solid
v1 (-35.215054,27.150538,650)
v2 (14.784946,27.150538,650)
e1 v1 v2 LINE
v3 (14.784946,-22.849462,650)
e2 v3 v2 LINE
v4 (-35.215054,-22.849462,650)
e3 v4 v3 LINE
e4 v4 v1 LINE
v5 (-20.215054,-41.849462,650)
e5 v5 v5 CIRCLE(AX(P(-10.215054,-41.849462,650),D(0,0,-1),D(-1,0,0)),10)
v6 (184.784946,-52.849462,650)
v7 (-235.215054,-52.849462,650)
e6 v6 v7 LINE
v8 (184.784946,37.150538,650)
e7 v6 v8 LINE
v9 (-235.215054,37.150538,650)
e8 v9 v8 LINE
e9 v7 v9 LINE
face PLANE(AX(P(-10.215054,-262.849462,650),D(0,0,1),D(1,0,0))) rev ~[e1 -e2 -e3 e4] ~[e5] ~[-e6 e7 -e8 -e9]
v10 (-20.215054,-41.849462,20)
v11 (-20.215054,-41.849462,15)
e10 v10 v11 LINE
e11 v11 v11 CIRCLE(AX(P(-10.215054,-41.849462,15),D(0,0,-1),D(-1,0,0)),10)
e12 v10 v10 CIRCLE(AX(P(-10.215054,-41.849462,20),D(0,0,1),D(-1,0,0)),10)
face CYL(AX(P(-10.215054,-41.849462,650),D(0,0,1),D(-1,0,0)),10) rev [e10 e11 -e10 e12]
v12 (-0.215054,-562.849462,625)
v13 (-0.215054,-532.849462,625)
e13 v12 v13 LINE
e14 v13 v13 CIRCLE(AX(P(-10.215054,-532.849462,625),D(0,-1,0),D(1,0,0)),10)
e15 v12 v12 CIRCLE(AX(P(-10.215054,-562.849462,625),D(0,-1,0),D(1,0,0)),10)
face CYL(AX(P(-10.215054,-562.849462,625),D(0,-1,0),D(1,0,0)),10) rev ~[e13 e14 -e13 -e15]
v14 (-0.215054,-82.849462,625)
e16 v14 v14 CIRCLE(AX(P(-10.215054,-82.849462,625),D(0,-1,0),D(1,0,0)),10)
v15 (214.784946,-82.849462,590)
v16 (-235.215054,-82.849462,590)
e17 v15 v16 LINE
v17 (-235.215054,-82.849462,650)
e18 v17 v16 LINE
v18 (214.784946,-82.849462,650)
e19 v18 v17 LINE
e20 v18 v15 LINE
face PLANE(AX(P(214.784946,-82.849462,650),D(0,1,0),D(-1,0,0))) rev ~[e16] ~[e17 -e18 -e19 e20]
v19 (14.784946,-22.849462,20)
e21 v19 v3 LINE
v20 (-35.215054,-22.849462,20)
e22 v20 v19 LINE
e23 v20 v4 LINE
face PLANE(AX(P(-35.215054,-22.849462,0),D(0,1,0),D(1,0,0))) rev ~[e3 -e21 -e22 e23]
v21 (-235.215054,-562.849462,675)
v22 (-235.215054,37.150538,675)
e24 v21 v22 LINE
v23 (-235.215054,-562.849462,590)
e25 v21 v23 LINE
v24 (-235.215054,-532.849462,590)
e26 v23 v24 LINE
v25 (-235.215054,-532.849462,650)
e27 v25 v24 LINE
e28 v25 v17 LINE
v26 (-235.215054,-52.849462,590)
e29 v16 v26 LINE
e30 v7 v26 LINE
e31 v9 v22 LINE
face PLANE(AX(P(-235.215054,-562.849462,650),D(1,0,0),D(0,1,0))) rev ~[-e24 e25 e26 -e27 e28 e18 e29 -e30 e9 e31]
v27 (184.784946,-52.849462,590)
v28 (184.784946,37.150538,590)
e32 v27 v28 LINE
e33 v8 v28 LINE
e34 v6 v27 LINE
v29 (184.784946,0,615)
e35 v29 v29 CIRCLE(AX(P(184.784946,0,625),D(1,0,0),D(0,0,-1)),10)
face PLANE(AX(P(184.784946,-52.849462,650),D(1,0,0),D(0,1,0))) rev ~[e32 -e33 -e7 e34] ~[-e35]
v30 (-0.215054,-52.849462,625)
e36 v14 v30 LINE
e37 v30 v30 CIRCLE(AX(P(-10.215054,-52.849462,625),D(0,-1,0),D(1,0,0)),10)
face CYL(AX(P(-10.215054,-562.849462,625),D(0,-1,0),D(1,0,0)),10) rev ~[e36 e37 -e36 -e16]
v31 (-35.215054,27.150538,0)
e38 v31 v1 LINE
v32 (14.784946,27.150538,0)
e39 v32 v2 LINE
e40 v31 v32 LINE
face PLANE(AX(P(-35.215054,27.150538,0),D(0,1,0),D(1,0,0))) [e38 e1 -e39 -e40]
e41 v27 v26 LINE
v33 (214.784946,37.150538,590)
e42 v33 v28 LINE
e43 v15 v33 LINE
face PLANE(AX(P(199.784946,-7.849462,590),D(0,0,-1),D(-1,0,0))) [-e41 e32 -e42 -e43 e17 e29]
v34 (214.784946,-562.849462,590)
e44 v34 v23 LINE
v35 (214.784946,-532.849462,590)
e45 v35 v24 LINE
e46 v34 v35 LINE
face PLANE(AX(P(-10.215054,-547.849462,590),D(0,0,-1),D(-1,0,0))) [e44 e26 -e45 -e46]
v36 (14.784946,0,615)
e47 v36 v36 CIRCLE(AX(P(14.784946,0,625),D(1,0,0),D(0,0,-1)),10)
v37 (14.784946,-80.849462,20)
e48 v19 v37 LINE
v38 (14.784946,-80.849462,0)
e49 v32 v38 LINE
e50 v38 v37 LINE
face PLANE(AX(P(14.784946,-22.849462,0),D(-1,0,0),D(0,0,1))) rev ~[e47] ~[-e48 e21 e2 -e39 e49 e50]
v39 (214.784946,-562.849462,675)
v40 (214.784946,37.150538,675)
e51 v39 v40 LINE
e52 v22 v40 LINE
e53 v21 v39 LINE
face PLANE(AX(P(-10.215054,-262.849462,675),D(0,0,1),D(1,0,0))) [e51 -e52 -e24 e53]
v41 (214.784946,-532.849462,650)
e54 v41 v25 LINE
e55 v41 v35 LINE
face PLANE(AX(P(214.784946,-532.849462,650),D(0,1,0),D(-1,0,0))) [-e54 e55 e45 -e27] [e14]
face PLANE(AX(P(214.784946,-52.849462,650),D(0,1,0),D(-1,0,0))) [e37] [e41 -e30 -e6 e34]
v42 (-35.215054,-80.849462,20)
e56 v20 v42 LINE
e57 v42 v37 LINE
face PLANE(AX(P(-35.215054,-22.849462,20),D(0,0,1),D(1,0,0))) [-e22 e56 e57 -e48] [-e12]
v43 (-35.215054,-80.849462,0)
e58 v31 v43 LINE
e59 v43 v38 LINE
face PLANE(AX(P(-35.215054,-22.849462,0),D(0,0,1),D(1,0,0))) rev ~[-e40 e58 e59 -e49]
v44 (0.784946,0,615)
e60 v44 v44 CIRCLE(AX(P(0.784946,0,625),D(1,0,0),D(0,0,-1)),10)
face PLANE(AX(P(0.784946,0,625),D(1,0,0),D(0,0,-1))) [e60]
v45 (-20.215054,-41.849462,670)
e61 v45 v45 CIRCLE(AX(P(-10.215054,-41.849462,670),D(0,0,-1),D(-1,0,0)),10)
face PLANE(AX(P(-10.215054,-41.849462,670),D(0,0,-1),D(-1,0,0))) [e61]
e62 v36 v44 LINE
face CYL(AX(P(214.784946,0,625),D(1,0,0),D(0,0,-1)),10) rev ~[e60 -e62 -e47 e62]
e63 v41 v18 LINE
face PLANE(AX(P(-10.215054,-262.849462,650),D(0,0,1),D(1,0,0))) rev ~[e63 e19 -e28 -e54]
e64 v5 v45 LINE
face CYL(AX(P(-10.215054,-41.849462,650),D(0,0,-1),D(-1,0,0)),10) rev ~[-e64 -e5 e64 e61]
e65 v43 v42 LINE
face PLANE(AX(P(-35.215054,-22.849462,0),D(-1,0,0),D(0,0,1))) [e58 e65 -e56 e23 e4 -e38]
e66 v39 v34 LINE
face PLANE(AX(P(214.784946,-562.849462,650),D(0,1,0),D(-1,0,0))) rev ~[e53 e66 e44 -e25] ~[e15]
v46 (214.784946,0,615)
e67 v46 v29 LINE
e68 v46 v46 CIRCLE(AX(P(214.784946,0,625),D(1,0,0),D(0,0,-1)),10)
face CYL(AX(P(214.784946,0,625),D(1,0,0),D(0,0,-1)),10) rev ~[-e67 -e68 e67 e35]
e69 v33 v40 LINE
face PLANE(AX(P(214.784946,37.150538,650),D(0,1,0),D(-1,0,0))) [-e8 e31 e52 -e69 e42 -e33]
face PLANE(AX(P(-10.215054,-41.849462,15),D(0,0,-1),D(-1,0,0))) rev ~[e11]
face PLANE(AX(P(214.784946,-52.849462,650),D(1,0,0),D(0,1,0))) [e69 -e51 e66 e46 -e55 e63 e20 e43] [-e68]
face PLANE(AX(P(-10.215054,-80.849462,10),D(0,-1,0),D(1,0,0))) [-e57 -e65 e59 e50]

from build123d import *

# Parameters (mm, degrees)
SKETCH1_W               = 50
SKETCH1_H               = 50
BOSS_EXTRUDE1_DEPTH     = 650
SKETCH2_W               = 450
SKETCH2_H               = 600
BOSS_EXTRUDE2_DEPTH     = 25
SKETCH4_W               = 450
SKETCH4_H               = 30
BOSS_EXTRUDE3_DEPTH     = 60
SKETCH5_R               = 10
CUT_EXTRUDE1_DEPTH      = 510
SKETCH7_W               = 50
SKETCH7_H               = 20
BOSS_EXTRUDE4_DEPTH     = 58
SKETCH8_R               = 10
CUT_EXTRUDE3_DEPTH      = 635
CUT_EXTRUDE3_DEPTH_BACK = 20
SKETCH9_W               = 30
SKETCH9_H               = 90
BOSS_EXTRUDE5_DEPTH     = 60
SKETCH10_R              = 10
CUT_EXTRUDE4_DEPTH      = 214


with BuildPart() as part:
    # Sketch1 → Boss-Extrude1 (new body)
    with BuildSketch(Plane.XY):
        with Locations((-10.215053763, 2.150537634)):
            Rectangle(SKETCH1_W, SKETCH1_H)
    extrude(amount=BOSS_EXTRUDE1_DEPTH)

    # Sketch2 → Boss-Extrude2 (add)
    with BuildSketch(Plane.XY.offset(650)):
        with Locations((-10.215053763, -262.849462366)):
            Rectangle(SKETCH2_W, SKETCH2_H)
    extrude(amount=BOSS_EXTRUDE2_DEPTH)

    # Sketch4 → Boss-Extrude3 (add)
    with BuildSketch(Plane(origin=(0, 0, 650), x_dir=(-1, 0, 0), z_dir=(0, 0, -1))):
        with Locations((10.215053763, -547.849462366)):
            Rectangle(SKETCH4_W, SKETCH4_H)
        with Locations((10.215053763, -67.849462366)):
            Rectangle(SKETCH4_W, SKETCH4_H)
    extrude(amount=BOSS_EXTRUDE3_DEPTH)

    # Sketch5 → Cut-Extrude1 (cut)
    with BuildSketch(Plane.XZ.offset(562.849462366)):
        with Locations((-10.215053763, 625)):
            Circle(SKETCH5_R)
    extrude(amount=-CUT_EXTRUDE1_DEPTH, mode=Mode.SUBTRACT)

    # Sketch7 → Boss-Extrude4 (add)
    with BuildSketch(Plane.XZ.offset(22.849462366)):
        with Locations((-10.215053763, 10)):
            Rectangle(SKETCH7_W, SKETCH7_H)
    extrude(amount=BOSS_EXTRUDE4_DEPTH)

    # Sketch8 → Cut-Extrude3 (cut, two sides)
    with BuildSketch(Plane(origin=(0, 0, 650), x_dir=(-1, 0, 0), z_dir=(0, 0, -1))) as cut_extrude3_sk:
        with Locations((10.215053763, -41.849462366)):
            Circle(SKETCH8_R)
    extrude(amount=CUT_EXTRUDE3_DEPTH, mode=Mode.SUBTRACT)
    extrude(cut_extrude3_sk.sketch, amount=-CUT_EXTRUDE3_DEPTH_BACK, mode=Mode.SUBTRACT)

    # Sketch9 → Boss-Extrude5 (add)
    with BuildSketch(Plane(origin=(0, 0, 650), x_dir=(-1, 0, 0), z_dir=(0, 0, -1))):
        with Locations((-199.784946237, -7.849462366)):
            Rectangle(SKETCH9_W, SKETCH9_H)
    extrude(amount=BOSS_EXTRUDE5_DEPTH)

    # Sketch10 → Cut-Extrude4 (cut)
    with BuildSketch(Plane(origin=(214.784946237, 0, 0), x_dir=(0, 0, -1), z_dir=(1, 0, 0))):
        with Locations((-625, 0)):
            Circle(SKETCH10_R)
    extrude(amount=-CUT_EXTRUDE4_DEPTH, mode=Mode.SUBTRACT)


solid = part.part
